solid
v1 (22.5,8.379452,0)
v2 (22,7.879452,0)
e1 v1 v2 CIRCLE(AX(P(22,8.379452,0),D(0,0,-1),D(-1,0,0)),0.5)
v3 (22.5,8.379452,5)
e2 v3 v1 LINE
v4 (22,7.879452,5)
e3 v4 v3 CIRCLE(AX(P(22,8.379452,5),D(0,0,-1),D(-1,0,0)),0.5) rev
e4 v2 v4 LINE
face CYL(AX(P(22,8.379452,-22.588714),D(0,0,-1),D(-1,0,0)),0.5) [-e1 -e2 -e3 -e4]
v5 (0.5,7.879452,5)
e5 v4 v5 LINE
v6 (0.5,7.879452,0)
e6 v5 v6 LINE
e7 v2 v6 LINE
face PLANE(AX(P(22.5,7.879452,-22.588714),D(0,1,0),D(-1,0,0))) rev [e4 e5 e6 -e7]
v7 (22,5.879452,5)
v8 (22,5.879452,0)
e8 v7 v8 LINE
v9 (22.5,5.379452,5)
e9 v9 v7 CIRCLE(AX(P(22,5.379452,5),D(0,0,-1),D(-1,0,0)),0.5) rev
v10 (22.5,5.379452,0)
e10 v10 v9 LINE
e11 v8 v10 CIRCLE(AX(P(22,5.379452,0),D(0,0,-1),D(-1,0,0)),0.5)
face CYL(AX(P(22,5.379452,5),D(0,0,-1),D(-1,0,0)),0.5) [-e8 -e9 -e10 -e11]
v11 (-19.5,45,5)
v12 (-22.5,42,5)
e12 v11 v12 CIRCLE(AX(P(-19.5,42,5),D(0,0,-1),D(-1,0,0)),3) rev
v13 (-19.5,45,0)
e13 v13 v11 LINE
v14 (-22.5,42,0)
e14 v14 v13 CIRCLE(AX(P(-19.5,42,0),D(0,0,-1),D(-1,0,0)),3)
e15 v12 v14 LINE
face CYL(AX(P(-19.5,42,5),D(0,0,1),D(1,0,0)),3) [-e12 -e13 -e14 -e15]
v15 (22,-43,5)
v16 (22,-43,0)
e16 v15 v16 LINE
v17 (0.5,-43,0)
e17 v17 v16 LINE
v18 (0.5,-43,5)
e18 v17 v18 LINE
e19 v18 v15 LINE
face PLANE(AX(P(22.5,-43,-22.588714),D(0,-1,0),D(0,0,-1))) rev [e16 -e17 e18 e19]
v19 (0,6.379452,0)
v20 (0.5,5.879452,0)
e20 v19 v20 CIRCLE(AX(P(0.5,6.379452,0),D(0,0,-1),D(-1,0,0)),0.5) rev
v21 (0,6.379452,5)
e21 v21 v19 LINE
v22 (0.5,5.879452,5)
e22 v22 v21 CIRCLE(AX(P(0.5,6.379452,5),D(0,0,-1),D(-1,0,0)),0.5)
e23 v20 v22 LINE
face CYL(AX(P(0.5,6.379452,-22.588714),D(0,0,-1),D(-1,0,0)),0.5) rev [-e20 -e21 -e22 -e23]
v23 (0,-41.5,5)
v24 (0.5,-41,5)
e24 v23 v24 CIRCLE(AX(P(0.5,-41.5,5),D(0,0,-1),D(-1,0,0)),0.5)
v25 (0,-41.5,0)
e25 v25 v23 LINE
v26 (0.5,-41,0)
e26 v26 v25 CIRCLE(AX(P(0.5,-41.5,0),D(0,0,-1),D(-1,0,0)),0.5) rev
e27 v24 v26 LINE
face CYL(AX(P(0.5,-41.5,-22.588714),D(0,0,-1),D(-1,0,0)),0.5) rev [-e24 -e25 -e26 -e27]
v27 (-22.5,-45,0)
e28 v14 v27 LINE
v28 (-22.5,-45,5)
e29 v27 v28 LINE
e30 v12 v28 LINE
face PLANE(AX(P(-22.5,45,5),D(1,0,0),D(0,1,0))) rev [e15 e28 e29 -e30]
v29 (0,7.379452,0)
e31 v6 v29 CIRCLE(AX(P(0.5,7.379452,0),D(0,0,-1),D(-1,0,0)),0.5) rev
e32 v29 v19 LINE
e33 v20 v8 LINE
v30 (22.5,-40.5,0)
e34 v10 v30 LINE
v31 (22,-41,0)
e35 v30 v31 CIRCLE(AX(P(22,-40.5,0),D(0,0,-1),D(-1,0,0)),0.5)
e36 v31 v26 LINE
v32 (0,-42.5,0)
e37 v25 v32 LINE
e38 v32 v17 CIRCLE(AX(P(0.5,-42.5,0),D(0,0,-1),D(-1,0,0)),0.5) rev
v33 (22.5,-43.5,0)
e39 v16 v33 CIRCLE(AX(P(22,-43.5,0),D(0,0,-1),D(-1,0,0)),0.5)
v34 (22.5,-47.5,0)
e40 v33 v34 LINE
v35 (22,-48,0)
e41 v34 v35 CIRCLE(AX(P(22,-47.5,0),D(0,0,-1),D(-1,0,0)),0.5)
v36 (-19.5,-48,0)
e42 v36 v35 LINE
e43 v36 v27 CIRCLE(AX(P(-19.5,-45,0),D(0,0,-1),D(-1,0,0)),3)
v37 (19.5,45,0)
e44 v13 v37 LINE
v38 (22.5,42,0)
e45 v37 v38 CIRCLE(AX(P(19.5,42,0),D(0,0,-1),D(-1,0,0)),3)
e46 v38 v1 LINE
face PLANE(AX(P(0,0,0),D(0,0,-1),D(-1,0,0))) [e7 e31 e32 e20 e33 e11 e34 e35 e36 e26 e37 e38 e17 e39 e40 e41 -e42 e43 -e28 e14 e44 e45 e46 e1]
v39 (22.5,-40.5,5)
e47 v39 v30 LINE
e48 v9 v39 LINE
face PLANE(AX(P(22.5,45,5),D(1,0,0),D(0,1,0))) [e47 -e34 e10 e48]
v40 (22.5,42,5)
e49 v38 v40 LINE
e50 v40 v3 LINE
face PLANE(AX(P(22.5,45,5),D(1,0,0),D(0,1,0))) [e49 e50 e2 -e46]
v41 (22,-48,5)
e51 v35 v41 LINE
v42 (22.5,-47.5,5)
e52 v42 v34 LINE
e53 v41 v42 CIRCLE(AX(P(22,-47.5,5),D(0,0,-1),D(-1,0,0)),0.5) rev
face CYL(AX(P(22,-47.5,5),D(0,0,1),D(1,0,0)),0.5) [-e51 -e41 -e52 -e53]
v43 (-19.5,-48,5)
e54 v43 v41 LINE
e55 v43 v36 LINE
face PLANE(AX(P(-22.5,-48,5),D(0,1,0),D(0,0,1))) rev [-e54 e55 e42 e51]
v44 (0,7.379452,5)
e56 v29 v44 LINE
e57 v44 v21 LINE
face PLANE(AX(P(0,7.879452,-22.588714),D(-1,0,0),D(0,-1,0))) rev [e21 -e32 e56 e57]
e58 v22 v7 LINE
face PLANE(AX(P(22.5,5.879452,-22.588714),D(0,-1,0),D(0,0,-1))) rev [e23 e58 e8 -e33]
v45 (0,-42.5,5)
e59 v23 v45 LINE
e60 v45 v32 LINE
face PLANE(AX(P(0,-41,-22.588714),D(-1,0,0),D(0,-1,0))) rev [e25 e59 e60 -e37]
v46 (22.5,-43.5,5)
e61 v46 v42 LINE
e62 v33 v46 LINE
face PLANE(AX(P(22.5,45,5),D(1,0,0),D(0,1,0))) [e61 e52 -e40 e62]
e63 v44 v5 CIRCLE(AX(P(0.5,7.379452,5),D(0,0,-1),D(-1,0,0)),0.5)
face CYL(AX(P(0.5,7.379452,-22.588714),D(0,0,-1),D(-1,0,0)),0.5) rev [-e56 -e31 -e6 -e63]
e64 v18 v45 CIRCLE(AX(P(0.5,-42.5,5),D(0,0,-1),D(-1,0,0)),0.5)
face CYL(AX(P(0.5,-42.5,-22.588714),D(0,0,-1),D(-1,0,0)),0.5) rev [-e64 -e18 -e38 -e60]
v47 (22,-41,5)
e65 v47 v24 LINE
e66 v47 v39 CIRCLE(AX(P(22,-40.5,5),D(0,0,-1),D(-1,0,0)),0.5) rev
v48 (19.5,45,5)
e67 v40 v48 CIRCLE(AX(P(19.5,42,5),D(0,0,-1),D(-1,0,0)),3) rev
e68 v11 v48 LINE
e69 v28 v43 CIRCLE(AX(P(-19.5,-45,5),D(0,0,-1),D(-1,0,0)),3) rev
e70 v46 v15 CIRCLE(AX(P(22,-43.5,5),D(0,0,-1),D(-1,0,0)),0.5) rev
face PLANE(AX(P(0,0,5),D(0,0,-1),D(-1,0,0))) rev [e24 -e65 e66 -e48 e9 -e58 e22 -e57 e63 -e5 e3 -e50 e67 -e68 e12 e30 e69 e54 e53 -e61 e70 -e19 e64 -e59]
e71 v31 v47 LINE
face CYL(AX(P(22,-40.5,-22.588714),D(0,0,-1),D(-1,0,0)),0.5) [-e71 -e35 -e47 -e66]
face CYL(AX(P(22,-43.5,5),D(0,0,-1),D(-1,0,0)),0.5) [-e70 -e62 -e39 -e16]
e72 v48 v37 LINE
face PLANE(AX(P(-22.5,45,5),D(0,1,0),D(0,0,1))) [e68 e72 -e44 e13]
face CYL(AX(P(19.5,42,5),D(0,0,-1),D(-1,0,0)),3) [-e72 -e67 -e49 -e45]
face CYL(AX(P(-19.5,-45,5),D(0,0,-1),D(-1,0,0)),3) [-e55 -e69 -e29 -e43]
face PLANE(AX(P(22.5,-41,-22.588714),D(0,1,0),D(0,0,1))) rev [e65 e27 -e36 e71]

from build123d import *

# Parameters (mm, degrees)
CROQUIS1_W              = 45
CROQUIS1_H              = 93
SALIENTE_EXTRUIR1_DEPTH = 5
CROQUIS2_W              = 22.5
CROQUIS2_H              = 2
CORTAR_EXTRUIR1_DEPTH   = 5
CROQUIS3_W              = 22.5
CROQUIS3_H              = 2
CORTAR_EXTRUIR2_DEPTH   = 5
REDONDEO1_R             = 3
REDONDEO2_R             = 0.5


with BuildPart() as part:
    # Croquis1 → Saliente-Extruir1 (new body)
    with BuildSketch(Plane.XY):
        with Locations((0, -1.5)):
            Rectangle(CROQUIS1_W, CROQUIS1_H)
    extrude(amount=SALIENTE_EXTRUIR1_DEPTH)

    # Croquis2 → Cortar-Extruir1 (cut)
    with BuildSketch(Plane.XY.offset(5)):
        with Locations((11.25, 6.879451896)):
            Rectangle(CROQUIS2_W, CROQUIS2_H)
    extrude(amount=-CORTAR_EXTRUIR1_DEPTH, mode=Mode.SUBTRACT)

    # Croquis3 → Cortar-Extruir2 (cut)
    with BuildSketch(Plane.XY.offset(5)):
        with Locations((11.25, -42)):
            Rectangle(CROQUIS3_W, CROQUIS3_H)
    extrude(amount=-CORTAR_EXTRUIR2_DEPTH, mode=Mode.SUBTRACT)

    # Redondeo1
    redondeo1_edges = [part.edges().sort_by_distance(p)[0] for p in [
        (-22.5, 45, 2.5),
        (-22.5, -48, 2.5),
        (22.5, 45, 2.5),
    ]]
    fillet(redondeo1_edges, radius=REDONDEO1_R)

    # Redondeo2
    redondeo2_edges = [part.edges().sort_by_distance(p)[0] for p in [
        (0, 7.879451896, 2.5),
        (0, 5.879451896, 2.5),
        (22.5, 5.879451896, 2.5),
        (22.5, 7.879451896, 2.5),
        (0, -41, 2.5),
        (0, -43, 2.5),
        (22.5, -43, 2.5),
        (22.5, -41, 2.5),
        (22.5, -48, 2.5),
    ]]
    fillet(redondeo2_edges, radius=REDONDEO2_R)


solid = part.part
